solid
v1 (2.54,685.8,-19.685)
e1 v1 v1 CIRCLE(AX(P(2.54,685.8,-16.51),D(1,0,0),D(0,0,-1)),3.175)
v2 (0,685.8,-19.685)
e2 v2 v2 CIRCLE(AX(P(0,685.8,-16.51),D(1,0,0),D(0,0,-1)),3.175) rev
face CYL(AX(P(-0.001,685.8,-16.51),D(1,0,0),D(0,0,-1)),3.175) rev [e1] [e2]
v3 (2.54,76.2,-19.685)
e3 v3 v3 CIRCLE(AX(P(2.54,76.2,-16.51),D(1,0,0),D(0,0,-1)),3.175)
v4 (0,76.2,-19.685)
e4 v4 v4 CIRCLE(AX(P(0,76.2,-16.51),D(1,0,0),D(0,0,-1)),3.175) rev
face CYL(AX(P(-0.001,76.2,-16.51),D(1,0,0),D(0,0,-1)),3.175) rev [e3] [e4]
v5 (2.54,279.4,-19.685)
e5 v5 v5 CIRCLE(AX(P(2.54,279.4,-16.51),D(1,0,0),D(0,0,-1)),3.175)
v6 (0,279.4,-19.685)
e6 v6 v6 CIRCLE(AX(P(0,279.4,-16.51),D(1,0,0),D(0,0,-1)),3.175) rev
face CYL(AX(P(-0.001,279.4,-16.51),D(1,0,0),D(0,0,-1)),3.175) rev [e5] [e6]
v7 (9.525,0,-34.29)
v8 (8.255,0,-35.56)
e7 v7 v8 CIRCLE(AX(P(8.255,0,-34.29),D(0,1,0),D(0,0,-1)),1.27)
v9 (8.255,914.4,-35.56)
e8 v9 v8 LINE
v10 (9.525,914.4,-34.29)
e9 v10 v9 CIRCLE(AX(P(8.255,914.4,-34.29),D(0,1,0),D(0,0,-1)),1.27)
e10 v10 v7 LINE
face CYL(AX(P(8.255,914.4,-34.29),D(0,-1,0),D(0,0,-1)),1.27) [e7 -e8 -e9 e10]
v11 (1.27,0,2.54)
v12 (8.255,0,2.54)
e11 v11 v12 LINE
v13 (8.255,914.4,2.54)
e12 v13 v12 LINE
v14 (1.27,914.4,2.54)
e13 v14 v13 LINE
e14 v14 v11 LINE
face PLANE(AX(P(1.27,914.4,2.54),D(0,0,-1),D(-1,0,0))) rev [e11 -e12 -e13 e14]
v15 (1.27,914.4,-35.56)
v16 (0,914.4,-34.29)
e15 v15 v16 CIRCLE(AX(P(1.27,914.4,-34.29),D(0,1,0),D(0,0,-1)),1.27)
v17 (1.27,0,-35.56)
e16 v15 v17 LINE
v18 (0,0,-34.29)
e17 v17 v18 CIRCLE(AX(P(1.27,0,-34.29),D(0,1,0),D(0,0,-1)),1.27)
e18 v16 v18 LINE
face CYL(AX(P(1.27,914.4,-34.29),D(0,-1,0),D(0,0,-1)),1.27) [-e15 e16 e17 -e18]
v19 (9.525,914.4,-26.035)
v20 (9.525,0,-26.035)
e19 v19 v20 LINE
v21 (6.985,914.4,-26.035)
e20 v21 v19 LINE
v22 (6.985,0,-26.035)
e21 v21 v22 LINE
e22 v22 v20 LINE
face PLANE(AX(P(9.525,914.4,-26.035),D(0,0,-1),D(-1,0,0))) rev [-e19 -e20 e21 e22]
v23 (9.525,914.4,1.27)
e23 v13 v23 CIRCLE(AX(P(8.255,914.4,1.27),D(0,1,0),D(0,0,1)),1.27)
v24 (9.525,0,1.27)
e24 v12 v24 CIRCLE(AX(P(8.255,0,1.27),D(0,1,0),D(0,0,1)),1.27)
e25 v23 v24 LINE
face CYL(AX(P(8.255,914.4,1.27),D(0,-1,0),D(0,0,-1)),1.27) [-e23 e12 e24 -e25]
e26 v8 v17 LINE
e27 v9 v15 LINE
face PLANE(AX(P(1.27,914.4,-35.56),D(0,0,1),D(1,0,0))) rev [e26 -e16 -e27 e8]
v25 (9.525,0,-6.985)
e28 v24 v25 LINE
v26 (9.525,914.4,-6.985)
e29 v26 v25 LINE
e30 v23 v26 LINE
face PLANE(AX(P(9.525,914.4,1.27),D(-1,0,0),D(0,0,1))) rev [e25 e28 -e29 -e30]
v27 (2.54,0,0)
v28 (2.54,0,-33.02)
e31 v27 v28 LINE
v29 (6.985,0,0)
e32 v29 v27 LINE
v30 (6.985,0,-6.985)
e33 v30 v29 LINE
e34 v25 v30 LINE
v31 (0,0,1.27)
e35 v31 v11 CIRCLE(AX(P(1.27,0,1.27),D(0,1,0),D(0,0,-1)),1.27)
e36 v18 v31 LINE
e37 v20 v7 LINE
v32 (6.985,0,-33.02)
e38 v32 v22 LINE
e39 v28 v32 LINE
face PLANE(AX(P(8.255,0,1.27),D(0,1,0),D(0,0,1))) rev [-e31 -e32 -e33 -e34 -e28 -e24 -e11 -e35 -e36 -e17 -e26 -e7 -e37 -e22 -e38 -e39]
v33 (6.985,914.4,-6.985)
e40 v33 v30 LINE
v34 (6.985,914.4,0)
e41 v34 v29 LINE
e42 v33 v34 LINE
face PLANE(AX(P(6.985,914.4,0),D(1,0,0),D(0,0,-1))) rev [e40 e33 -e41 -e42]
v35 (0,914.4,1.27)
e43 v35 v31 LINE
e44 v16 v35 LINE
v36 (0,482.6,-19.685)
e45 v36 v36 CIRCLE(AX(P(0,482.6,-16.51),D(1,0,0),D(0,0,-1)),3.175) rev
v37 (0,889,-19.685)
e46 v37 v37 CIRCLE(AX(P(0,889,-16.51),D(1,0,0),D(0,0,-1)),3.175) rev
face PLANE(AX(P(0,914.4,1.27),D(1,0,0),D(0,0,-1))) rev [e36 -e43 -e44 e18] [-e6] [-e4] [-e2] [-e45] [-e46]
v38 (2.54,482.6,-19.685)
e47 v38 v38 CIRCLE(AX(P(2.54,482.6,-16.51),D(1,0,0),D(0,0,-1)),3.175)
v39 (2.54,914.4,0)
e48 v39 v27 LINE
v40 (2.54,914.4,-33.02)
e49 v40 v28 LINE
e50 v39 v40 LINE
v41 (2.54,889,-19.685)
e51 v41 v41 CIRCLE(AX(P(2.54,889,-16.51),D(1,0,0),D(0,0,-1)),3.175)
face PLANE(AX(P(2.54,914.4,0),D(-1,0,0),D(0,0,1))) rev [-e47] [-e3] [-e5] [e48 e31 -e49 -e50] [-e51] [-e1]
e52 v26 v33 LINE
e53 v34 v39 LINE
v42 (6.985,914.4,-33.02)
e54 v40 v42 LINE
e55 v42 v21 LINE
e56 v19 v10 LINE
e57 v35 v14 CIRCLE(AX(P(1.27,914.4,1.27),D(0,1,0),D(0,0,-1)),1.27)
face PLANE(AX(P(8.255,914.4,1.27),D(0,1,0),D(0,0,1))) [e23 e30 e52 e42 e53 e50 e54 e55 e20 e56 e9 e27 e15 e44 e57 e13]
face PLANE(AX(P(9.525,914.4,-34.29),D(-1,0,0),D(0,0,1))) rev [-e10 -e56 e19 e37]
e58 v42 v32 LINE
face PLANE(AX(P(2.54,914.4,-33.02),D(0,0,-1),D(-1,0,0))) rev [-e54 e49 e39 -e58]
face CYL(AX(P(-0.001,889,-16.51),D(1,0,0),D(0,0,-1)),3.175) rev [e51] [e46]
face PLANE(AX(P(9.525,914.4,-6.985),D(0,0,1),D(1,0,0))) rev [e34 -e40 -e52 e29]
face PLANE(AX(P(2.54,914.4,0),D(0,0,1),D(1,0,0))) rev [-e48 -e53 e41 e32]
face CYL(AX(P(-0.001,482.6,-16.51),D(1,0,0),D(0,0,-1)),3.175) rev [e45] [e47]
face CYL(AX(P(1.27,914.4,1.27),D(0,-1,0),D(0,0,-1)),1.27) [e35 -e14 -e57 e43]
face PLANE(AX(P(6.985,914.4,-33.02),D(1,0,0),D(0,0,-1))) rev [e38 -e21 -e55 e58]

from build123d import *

# Parameters (mm, degrees)
BOSS_EXTRUDE1_DEPTH = 914.4
CUT_EXTRUDE1_REACH  = 4.54
SKETCH2_R           = 3.175


with BuildPart() as part:
    # Sketch1 → Boss-Extrude1 (new body)
    with BuildSketch(Plane(origin=(0, 0, 0), x_dir=(1, 0, 0), z_dir=(0, 1, 0))):
        with BuildLine():
            Line((9.525, 34.29), (9.525, 26.035))
            Line((9.525, 26.035), (6.985, 26.035))
            Line((6.985, 26.035), (6.985, 33.02))
            Line((6.985, 33.02), (2.54, 33.02))
            Line((2.54, 33.02), (2.54, 0))
            Line((2.54, 0), (6.985, 0))
            Line((6.985, 0), (6.985, 6.985))
            Line((6.985, 6.985), (9.525, 6.985))
            Line((9.525, 6.985), (9.525, -1.27))
            ThreePointArc((9.525, -1.27), (9.153025612, -2.168025612), (8.255, -2.54))
            Line((8.255, -2.54), (1.27, -2.54))
            ThreePointArc((1.27, -2.54), (0.371974388, -2.168025612), (0, -1.27))
            Line((0, -1.27), (0, 34.29))
            ThreePointArc((0, 34.29), (0.371974388, 35.188025612), (1.27, 35.56))
            Line((1.27, 35.56), (8.255, 35.56))
            ThreePointArc((8.255, 35.56), (9.153025612, 35.188025612), (9.525, 34.29))
        make_face()
    extrude(amount=BOSS_EXTRUDE1_DEPTH)

    # Sketch2 → Cut-Extrude1 (cut, up to next)
    with BuildSketch(Plane(origin=(2.54, 0, 0), x_dir=(0, 0, -1), z_dir=(1, 0, 0)), mode=Mode.PRIVATE) as cut_extrude1_sk1:
        with Locations((16.51, 76.2)):
            Circle(SKETCH2_R)
    cut_extrude1_tool1 = extrude(cut_extrude1_sk1.sketch, amount=-CUT_EXTRUDE1_REACH, mode=Mode.PRIVATE) & part.part
    add(cut_extrude1_tool1.solids().sort_by_distance((2.54, 76.2, -16.51))[0], mode=Mode.SUBTRACT)
    # Sketch2 → Cut-Extrude1 (cut, up to next)
    with BuildSketch(Plane(origin=(2.54, 0, 0), x_dir=(0, 0, -1), z_dir=(1, 0, 0)), mode=Mode.PRIVATE) as cut_extrude1_sk2:
        with Locations((16.51, 279.4)):
            Circle(SKETCH2_R)
    cut_extrude1_tool2 = extrude(cut_extrude1_sk2.sketch, amount=-CUT_EXTRUDE1_REACH, mode=Mode.PRIVATE) & part.part
    add(cut_extrude1_tool2.solids().sort_by_distance((2.54, 279.4, -16.51))[0], mode=Mode.SUBTRACT)
    # Sketch2 → Cut-Extrude1 (cut, up to next)
    with BuildSketch(Plane(origin=(2.54, 0, 0), x_dir=(0, 0, -1), z_dir=(1, 0, 0)), mode=Mode.PRIVATE) as cut_extrude1_sk3:
        with Locations((16.51, 482.6)):
            Circle(SKETCH2_R)
    cut_extrude1_tool3 = extrude(cut_extrude1_sk3.sketch, amount=-CUT_EXTRUDE1_REACH, mode=Mode.PRIVATE) & part.part
    add(cut_extrude1_tool3.solids().sort_by_distance((2.54, 482.6, -16.51))[0], mode=Mode.SUBTRACT)
    # Sketch2 → Cut-Extrude1 (cut, up to next)
    with BuildSketch(Plane(origin=(2.54, 0, 0), x_dir=(0, 0, -1), z_dir=(1, 0, 0)), mode=Mode.PRIVATE) as cut_extrude1_sk4:
        with Locations((16.51, 685.8)):
            Circle(SKETCH2_R)
    cut_extrude1_tool4 = extrude(cut_extrude1_sk4.sketch, amount=-CUT_EXTRUDE1_REACH, mode=Mode.PRIVATE) & part.part
    add(cut_extrude1_tool4.solids().sort_by_distance((2.54, 685.8, -16.51))[0], mode=Mode.SUBTRACT)
    # Sketch2 → Cut-Extrude1 (cut, up to next)
    with BuildSketch(Plane(origin=(2.54, 0, 0), x_dir=(0, 0, -1), z_dir=(1, 0, 0)), mode=Mode.PRIVATE) as cut_extrude1_sk5:
        with Locations((16.51, 889)):
            Circle(SKETCH2_R)
    cut_extrude1_tool5 = extrude(cut_extrude1_sk5.sketch, amount=-CUT_EXTRUDE1_REACH, mode=Mode.PRIVATE) & part.part
    add(cut_extrude1_tool5.solids().sort_by_distance((2.54, 889, -16.51))[0], mode=Mode.SUBTRACT)


solid = part.part
